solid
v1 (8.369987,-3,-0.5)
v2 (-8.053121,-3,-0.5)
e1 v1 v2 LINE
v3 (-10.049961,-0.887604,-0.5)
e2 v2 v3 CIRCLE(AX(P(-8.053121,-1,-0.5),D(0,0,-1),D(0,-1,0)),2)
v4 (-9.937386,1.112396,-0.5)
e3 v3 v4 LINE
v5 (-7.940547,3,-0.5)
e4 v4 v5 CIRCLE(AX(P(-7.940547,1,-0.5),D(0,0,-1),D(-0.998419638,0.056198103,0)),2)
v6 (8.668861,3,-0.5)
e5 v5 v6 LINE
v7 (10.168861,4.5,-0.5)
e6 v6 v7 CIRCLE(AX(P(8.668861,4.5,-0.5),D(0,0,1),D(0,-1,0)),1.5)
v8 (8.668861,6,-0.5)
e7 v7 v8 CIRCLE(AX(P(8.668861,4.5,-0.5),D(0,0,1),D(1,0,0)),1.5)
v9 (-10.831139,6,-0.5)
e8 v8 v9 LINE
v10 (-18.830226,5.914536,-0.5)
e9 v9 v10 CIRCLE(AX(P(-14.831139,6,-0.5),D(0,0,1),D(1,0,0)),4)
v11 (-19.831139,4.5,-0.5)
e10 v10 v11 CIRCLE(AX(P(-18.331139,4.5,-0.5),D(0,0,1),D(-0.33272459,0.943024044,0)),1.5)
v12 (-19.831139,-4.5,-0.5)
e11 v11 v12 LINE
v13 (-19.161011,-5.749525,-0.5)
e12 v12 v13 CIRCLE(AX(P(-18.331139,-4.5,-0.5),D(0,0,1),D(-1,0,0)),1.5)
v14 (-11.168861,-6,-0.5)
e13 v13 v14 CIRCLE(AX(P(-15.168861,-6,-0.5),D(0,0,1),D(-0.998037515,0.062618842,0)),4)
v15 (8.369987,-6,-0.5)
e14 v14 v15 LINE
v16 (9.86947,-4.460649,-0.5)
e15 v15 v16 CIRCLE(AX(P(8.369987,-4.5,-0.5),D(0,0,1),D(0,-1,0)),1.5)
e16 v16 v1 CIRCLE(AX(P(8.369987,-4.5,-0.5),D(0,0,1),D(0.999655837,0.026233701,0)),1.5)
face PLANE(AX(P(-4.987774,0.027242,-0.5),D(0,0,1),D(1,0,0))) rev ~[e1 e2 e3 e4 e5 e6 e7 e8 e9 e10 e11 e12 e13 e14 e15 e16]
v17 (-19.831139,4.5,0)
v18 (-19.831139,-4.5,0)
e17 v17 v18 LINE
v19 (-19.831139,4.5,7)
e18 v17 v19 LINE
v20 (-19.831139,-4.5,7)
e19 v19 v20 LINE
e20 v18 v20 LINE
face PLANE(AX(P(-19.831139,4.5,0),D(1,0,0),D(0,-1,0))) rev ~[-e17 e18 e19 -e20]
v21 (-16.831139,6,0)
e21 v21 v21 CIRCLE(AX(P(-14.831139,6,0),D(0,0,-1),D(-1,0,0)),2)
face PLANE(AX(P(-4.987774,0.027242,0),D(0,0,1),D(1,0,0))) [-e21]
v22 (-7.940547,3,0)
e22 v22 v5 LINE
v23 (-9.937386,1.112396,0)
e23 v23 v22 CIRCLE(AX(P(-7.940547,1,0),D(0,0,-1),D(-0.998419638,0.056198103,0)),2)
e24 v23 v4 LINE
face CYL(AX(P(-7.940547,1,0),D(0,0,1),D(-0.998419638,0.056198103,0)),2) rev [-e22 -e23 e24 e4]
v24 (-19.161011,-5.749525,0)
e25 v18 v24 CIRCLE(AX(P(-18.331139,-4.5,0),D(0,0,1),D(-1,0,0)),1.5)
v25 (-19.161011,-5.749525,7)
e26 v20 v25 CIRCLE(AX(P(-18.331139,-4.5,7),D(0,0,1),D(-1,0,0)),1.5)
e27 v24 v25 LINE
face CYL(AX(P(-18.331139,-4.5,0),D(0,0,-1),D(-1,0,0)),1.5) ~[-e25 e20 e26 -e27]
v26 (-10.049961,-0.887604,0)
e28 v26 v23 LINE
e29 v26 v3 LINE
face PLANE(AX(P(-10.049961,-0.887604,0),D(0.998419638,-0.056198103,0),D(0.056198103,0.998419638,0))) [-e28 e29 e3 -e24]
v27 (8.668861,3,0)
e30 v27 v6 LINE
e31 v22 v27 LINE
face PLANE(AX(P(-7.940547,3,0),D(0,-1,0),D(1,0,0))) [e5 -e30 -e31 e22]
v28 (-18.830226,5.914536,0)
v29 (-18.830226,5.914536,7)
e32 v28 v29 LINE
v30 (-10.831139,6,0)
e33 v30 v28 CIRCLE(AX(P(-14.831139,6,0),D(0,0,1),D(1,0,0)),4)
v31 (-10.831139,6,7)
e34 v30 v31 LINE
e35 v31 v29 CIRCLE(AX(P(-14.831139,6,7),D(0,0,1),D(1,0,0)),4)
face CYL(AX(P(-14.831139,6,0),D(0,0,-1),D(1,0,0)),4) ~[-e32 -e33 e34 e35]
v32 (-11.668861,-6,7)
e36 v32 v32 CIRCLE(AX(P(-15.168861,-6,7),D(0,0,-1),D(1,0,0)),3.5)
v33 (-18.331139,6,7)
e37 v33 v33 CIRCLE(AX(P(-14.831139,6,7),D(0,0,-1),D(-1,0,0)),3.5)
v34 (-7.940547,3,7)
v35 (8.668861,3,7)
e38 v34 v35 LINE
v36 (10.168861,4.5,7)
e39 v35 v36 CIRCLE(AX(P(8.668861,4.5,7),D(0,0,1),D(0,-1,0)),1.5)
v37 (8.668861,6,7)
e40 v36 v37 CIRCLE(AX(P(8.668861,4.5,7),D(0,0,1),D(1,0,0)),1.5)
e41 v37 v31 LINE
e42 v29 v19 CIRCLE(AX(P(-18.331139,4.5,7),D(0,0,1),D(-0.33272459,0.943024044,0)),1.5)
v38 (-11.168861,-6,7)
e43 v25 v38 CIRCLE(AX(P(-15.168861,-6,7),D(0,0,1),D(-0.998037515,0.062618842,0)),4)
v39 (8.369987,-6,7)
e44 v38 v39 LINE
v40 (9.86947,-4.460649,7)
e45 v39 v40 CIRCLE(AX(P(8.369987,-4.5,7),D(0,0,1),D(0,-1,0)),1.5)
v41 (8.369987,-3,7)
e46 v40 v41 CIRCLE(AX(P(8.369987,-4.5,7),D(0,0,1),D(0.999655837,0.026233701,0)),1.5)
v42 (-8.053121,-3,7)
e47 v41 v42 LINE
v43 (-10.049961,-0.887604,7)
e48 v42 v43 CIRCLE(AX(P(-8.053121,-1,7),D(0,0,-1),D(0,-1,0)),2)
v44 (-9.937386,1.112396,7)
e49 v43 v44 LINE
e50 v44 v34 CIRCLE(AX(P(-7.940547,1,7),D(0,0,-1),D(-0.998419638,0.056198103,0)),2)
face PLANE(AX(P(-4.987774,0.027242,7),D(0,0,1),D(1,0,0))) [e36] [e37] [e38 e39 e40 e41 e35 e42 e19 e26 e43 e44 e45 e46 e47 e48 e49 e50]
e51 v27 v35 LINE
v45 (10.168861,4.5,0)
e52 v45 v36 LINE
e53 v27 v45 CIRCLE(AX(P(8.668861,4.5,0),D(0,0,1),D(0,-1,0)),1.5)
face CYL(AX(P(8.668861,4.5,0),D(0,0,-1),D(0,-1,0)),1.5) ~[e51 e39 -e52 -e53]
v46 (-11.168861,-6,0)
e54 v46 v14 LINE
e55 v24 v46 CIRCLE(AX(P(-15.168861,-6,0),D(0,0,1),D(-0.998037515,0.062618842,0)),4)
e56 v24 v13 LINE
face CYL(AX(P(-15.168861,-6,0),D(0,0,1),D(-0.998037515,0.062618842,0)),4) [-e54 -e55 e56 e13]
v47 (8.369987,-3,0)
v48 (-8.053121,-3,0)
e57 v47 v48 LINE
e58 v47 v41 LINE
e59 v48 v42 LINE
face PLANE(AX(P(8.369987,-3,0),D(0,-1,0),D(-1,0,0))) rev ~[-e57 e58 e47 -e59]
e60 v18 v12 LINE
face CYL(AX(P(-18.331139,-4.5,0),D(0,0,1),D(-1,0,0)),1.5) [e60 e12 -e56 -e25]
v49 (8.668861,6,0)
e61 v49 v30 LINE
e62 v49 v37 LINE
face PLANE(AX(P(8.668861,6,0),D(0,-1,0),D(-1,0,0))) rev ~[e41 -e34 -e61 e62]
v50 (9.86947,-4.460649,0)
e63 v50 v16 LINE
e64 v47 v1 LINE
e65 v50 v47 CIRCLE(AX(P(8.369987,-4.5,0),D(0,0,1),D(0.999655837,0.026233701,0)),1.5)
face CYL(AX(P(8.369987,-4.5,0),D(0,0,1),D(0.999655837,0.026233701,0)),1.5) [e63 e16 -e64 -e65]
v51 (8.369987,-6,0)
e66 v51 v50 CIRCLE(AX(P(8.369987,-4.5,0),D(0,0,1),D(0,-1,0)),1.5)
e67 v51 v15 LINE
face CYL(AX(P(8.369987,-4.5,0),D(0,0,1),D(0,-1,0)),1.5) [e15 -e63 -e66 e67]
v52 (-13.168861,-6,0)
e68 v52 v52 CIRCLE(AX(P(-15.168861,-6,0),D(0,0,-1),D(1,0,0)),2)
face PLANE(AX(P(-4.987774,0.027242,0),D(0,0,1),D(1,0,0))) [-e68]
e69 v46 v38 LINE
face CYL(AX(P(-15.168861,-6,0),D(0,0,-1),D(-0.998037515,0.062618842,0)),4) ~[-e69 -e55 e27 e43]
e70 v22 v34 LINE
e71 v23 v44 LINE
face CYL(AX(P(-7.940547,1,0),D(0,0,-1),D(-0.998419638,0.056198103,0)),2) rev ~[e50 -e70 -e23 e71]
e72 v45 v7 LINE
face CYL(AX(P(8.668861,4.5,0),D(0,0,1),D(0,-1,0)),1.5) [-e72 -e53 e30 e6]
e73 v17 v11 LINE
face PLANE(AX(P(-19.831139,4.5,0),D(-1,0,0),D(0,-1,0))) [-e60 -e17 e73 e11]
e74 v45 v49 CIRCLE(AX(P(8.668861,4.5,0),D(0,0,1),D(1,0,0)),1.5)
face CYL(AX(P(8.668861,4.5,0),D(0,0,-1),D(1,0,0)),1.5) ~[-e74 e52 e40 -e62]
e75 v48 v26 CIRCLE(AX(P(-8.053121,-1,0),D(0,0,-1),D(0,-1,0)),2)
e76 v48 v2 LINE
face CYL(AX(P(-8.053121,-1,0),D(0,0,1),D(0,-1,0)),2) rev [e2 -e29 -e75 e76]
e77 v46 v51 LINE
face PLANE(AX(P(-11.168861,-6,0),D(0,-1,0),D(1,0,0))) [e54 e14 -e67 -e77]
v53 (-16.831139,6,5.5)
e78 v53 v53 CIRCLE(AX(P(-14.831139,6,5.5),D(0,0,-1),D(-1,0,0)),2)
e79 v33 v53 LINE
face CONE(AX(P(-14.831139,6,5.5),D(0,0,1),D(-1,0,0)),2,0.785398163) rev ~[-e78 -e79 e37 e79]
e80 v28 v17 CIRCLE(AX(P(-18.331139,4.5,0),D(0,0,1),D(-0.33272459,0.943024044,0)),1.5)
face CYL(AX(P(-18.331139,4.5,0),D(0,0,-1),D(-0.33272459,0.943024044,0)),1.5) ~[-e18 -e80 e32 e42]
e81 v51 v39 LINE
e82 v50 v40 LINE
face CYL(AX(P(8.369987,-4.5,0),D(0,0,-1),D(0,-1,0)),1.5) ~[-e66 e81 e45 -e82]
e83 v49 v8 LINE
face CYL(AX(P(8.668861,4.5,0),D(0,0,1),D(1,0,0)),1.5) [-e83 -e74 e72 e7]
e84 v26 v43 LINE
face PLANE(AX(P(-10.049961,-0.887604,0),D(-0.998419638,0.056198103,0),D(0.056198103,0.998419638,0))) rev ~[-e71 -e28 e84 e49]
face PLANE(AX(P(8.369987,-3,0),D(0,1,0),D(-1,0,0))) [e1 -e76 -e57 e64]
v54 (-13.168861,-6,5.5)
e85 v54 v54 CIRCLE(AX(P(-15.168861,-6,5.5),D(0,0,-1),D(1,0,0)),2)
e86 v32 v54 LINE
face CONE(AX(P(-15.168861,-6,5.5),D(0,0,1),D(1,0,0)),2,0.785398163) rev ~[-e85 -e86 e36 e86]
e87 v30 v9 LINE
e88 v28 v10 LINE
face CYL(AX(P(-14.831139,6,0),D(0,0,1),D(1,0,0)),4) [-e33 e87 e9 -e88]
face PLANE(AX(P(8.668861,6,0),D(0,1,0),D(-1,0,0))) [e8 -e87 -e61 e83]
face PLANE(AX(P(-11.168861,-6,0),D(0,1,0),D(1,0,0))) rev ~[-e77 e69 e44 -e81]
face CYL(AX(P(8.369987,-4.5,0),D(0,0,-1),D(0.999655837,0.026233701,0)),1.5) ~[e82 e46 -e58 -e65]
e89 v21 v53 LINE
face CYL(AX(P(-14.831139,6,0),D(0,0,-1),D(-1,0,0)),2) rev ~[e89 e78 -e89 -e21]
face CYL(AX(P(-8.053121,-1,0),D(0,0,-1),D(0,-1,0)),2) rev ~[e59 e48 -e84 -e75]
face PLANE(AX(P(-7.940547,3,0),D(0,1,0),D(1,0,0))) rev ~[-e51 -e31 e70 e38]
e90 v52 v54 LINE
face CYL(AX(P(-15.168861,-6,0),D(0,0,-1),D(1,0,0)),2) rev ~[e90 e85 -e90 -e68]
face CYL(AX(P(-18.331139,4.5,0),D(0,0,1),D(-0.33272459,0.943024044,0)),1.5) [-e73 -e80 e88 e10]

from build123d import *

# Parameters (mm, degrees)
F1_DEPTH = 7
F2_DEPTH = 0.5
F3_SIZE  = 1.5


with BuildPart() as f1:
    # F0 (on Top) → F1 (new body)
    with BuildSketch(Plane.XY):
        with BuildLine():
            ThreePointArc((9.8694702636, -4.4606494482), (9.4166416974, -3.4255173739), (8.3699865077, -3))
            Line((8.3699865077, -3), (-8.0531213294, -3))
            ThreePointArc((-8.0531213294, -3), (-9.5065298079, -2.3739009406), (-10.0499606051, -0.8876037946))
            Line((-10.0499606051, -0.8876037946), (-9.9373864918, 1.1123962054))
            ThreePointArc((-9.9373864918, 1.1123962054), (-9.3144481567, 2.4534084785), (-7.9405472161, 3))
            Line((-7.9405472161, 3), (8.6688611699, 3))
            ThreePointArc((8.6688611699, 3), (9.7295213417, 3.4393398282), (10.1688611699, 4.5))
            ThreePointArc((10.1688611699, 4.5), (9.7295213417, 5.5606601718), (8.6688611699, 6))
            Line((8.6688611699, 6), (-10.8311388301, 6))
            ThreePointArc((-10.8311388301, 6), (-14.788404424, 2.0002282852), (-18.8302257154, 5.9145360656))
            ThreePointArc((-18.8302257154, 5.9145360656), (-19.5556040864, 5.3664207038), (-19.8311388301, 4.5))
            Line((-19.8311388301, 4.5), (-19.8311388301, -4.5))
            ThreePointArc((-19.8311388301, -4.5), (-19.6530330387, -5.2089398432), (-19.1610112284, -5.7495246306))
            ThreePointArc((-19.1610112284, -5.7495246306), (-15.0435619957, -2.001962967), (-11.1688611699, -6))
            Line((-11.1688611699, -6), (8.3699865077, -6))
            ThreePointArc((8.3699865077, -6), (9.4444691339, -5.5466551897), (9.8694702636, -4.4606494482))
        make_face()
        with BuildLine():
            ThreePointArc((-19.1610112284, -5.7495246306), (-15.2941603441, -9.998037033), (-11.1688611699, -6))
            Line((-11.1688611699, -6), (-13.1688611699, -6))
            ThreePointArc((-13.1688611699, -6), (-15.1688611699, -8), (-17.1688611699, -6))
            Line((-17.1688611699, -6), (-18.3311388301, -6))
            ThreePointArc((-18.3311388301, -6), (-18.7645630184, -5.9360165295), (-19.1610112284, -5.7495246306))
        make_face()
        with BuildLine():
            Line((-13.1688611699, -6), (-11.1688611699, -6))
            ThreePointArc((-11.1688611699, -6), (-15.0435619957, -2.001962967), (-19.1610112284, -5.7495246306))
            ThreePointArc((-19.1610112284, -5.7495246306), (-18.7645630184, -5.9360165295), (-18.3311388301, -6))
            Line((-18.3311388301, -6), (-17.1688611699, -6))
            ThreePointArc((-17.1688611699, -6), (-15.1688611699, -4), (-13.1688611699, -6))
        make_face()
        with BuildLine():
            ThreePointArc((-10.8311388301, 6), (-14.8738732362, 9.9997717148), (-18.8302257154, 5.9145360656))
            ThreePointArc((-18.8302257154, 5.9145360656), (-18.5843145611, 5.9784796411), (-18.3311388301, 6))
            Line((-18.3311388301, 6), (-16.8311388301, 6))
            ThreePointArc((-16.8311388301, 6), (-14.8311388301, 8), (-12.8311388301, 6))
            Line((-12.8311388301, 6), (-10.8311388301, 6))
        make_face()
        with BuildLine():
            ThreePointArc((-18.3311388301, 6), (-18.5843145611, 5.9784796411), (-18.8302257154, 5.9145360656))
            ThreePointArc((-18.8302257154, 5.9145360656), (-14.788404424, 2.0002282852), (-10.8311388301, 6))
            Line((-10.8311388301, 6), (-12.8311388301, 6))
            ThreePointArc((-12.8311388301, 6), (-14.8311388301, 4), (-16.8311388301, 6))
            Line((-16.8311388301, 6), (-18.3311388301, 6))
        make_face()
    extrude(amount=F1_DEPTH)

    # F0 (on Top) → F2 (join)
    with BuildSketch(Plane.XY):
        with BuildLine():
            ThreePointArc((9.8694702636, -4.4606494482), (9.4166416974, -3.4255173739), (8.3699865077, -3))
            Line((8.3699865077, -3), (-8.0531213294, -3))
            ThreePointArc((-8.0531213294, -3), (-9.5065298079, -2.3739009406), (-10.0499606051, -0.8876037946))
            Line((-10.0499606051, -0.8876037946), (-9.9373864918, 1.1123962054))
            ThreePointArc((-9.9373864918, 1.1123962054), (-9.3144481567, 2.4534084785), (-7.9405472161, 3))
            Line((-7.9405472161, 3), (8.6688611699, 3))
            ThreePointArc((8.6688611699, 3), (9.7295213417, 3.4393398282), (10.1688611699, 4.5))
            ThreePointArc((10.1688611699, 4.5), (9.7295213417, 5.5606601718), (8.6688611699, 6))
            Line((8.6688611699, 6), (-10.8311388301, 6))
            ThreePointArc((-10.8311388301, 6), (-14.788404424, 2.0002282852), (-18.8302257154, 5.9145360656))
            ThreePointArc((-18.8302257154, 5.9145360656), (-19.5556040864, 5.3664207038), (-19.8311388301, 4.5))
            Line((-19.8311388301, 4.5), (-19.8311388301, -4.5))
            ThreePointArc((-19.8311388301, -4.5), (-19.6530330387, -5.2089398432), (-19.1610112284, -5.7495246306))
            ThreePointArc((-19.1610112284, -5.7495246306), (-15.0435619957, -2.001962967), (-11.1688611699, -6))
            Line((-11.1688611699, -6), (8.3699865077, -6))
            ThreePointArc((8.3699865077, -6), (9.4444691339, -5.5466551897), (9.8694702636, -4.4606494482))
        make_face()
        with BuildLine():
            ThreePointArc((-19.1610112284, -5.7495246306), (-15.2941603441, -9.998037033), (-11.1688611699, -6))
            Line((-11.1688611699, -6), (-13.1688611699, -6))
            ThreePointArc((-13.1688611699, -6), (-15.1688611699, -8), (-17.1688611699, -6))
            Line((-17.1688611699, -6), (-18.3311388301, -6))
            ThreePointArc((-18.3311388301, -6), (-18.7645630184, -5.9360165295), (-19.1610112284, -5.7495246306))
        make_face()
        with BuildLine():
            Line((-13.1688611699, -6), (-11.1688611699, -6))
            ThreePointArc((-11.1688611699, -6), (-15.0435619957, -2.001962967), (-19.1610112284, -5.7495246306))
            ThreePointArc((-19.1610112284, -5.7495246306), (-18.7645630184, -5.9360165295), (-18.3311388301, -6))
            Line((-18.3311388301, -6), (-17.1688611699, -6))
            ThreePointArc((-17.1688611699, -6), (-15.1688611699, -4), (-13.1688611699, -6))
        make_face()
        with BuildLine():
            ThreePointArc((-10.8311388301, 6), (-14.8738732362, 9.9997717148), (-18.8302257154, 5.9145360656))
            ThreePointArc((-18.8302257154, 5.9145360656), (-18.5843145611, 5.9784796411), (-18.3311388301, 6))
            Line((-18.3311388301, 6), (-16.8311388301, 6))
            ThreePointArc((-16.8311388301, 6), (-14.8311388301, 8), (-12.8311388301, 6))
            Line((-12.8311388301, 6), (-10.8311388301, 6))
        make_face()
        with BuildLine():
            ThreePointArc((-18.3311388301, 6), (-18.5843145611, 5.9784796411), (-18.8302257154, 5.9145360656))
            ThreePointArc((-18.8302257154, 5.9145360656), (-14.788404424, 2.0002282852), (-10.8311388301, 6))
            Line((-10.8311388301, 6), (-12.8311388301, 6))
            ThreePointArc((-12.8311388301, 6), (-14.8311388301, 4), (-16.8311388301, 6))
            Line((-16.8311388301, 6), (-18.3311388301, 6))
        make_face()
        with BuildLine():
            Line((-16.8311388301, 6), (-12.8311388301, 6))
            ThreePointArc((-12.8311388301, 6), (-14.8311388301, 8), (-16.8311388301, 6))
        make_face()
        with BuildLine():
            ThreePointArc((-16.8311388301, 6), (-14.8311388301, 4), (-12.8311388301, 6))
            Line((-12.8311388301, 6), (-16.8311388301, 6))
        make_face()
        with BuildLine():
            Line((-17.1688611699, -6), (-13.1688611699, -6))
            ThreePointArc((-13.1688611699, -6), (-15.1688611699, -4), (-17.1688611699, -6))
        make_face()
        with BuildLine():
            ThreePointArc((-17.1688611699, -6), (-15.1688611699, -8), (-13.1688611699, -6))
            Line((-13.1688611699, -6), (-17.1688611699, -6))
        make_face()
    extrude(amount=-F2_DEPTH)

    # F3
    f3_edges = [f1.edges().sort_by_distance(p)[0] for p in [
        (-12.831139, 6, 7),
        (-17.168861, -6, 7),
    ]]
    chamfer(f3_edges, length=F3_SIZE)


solid = f1.part
